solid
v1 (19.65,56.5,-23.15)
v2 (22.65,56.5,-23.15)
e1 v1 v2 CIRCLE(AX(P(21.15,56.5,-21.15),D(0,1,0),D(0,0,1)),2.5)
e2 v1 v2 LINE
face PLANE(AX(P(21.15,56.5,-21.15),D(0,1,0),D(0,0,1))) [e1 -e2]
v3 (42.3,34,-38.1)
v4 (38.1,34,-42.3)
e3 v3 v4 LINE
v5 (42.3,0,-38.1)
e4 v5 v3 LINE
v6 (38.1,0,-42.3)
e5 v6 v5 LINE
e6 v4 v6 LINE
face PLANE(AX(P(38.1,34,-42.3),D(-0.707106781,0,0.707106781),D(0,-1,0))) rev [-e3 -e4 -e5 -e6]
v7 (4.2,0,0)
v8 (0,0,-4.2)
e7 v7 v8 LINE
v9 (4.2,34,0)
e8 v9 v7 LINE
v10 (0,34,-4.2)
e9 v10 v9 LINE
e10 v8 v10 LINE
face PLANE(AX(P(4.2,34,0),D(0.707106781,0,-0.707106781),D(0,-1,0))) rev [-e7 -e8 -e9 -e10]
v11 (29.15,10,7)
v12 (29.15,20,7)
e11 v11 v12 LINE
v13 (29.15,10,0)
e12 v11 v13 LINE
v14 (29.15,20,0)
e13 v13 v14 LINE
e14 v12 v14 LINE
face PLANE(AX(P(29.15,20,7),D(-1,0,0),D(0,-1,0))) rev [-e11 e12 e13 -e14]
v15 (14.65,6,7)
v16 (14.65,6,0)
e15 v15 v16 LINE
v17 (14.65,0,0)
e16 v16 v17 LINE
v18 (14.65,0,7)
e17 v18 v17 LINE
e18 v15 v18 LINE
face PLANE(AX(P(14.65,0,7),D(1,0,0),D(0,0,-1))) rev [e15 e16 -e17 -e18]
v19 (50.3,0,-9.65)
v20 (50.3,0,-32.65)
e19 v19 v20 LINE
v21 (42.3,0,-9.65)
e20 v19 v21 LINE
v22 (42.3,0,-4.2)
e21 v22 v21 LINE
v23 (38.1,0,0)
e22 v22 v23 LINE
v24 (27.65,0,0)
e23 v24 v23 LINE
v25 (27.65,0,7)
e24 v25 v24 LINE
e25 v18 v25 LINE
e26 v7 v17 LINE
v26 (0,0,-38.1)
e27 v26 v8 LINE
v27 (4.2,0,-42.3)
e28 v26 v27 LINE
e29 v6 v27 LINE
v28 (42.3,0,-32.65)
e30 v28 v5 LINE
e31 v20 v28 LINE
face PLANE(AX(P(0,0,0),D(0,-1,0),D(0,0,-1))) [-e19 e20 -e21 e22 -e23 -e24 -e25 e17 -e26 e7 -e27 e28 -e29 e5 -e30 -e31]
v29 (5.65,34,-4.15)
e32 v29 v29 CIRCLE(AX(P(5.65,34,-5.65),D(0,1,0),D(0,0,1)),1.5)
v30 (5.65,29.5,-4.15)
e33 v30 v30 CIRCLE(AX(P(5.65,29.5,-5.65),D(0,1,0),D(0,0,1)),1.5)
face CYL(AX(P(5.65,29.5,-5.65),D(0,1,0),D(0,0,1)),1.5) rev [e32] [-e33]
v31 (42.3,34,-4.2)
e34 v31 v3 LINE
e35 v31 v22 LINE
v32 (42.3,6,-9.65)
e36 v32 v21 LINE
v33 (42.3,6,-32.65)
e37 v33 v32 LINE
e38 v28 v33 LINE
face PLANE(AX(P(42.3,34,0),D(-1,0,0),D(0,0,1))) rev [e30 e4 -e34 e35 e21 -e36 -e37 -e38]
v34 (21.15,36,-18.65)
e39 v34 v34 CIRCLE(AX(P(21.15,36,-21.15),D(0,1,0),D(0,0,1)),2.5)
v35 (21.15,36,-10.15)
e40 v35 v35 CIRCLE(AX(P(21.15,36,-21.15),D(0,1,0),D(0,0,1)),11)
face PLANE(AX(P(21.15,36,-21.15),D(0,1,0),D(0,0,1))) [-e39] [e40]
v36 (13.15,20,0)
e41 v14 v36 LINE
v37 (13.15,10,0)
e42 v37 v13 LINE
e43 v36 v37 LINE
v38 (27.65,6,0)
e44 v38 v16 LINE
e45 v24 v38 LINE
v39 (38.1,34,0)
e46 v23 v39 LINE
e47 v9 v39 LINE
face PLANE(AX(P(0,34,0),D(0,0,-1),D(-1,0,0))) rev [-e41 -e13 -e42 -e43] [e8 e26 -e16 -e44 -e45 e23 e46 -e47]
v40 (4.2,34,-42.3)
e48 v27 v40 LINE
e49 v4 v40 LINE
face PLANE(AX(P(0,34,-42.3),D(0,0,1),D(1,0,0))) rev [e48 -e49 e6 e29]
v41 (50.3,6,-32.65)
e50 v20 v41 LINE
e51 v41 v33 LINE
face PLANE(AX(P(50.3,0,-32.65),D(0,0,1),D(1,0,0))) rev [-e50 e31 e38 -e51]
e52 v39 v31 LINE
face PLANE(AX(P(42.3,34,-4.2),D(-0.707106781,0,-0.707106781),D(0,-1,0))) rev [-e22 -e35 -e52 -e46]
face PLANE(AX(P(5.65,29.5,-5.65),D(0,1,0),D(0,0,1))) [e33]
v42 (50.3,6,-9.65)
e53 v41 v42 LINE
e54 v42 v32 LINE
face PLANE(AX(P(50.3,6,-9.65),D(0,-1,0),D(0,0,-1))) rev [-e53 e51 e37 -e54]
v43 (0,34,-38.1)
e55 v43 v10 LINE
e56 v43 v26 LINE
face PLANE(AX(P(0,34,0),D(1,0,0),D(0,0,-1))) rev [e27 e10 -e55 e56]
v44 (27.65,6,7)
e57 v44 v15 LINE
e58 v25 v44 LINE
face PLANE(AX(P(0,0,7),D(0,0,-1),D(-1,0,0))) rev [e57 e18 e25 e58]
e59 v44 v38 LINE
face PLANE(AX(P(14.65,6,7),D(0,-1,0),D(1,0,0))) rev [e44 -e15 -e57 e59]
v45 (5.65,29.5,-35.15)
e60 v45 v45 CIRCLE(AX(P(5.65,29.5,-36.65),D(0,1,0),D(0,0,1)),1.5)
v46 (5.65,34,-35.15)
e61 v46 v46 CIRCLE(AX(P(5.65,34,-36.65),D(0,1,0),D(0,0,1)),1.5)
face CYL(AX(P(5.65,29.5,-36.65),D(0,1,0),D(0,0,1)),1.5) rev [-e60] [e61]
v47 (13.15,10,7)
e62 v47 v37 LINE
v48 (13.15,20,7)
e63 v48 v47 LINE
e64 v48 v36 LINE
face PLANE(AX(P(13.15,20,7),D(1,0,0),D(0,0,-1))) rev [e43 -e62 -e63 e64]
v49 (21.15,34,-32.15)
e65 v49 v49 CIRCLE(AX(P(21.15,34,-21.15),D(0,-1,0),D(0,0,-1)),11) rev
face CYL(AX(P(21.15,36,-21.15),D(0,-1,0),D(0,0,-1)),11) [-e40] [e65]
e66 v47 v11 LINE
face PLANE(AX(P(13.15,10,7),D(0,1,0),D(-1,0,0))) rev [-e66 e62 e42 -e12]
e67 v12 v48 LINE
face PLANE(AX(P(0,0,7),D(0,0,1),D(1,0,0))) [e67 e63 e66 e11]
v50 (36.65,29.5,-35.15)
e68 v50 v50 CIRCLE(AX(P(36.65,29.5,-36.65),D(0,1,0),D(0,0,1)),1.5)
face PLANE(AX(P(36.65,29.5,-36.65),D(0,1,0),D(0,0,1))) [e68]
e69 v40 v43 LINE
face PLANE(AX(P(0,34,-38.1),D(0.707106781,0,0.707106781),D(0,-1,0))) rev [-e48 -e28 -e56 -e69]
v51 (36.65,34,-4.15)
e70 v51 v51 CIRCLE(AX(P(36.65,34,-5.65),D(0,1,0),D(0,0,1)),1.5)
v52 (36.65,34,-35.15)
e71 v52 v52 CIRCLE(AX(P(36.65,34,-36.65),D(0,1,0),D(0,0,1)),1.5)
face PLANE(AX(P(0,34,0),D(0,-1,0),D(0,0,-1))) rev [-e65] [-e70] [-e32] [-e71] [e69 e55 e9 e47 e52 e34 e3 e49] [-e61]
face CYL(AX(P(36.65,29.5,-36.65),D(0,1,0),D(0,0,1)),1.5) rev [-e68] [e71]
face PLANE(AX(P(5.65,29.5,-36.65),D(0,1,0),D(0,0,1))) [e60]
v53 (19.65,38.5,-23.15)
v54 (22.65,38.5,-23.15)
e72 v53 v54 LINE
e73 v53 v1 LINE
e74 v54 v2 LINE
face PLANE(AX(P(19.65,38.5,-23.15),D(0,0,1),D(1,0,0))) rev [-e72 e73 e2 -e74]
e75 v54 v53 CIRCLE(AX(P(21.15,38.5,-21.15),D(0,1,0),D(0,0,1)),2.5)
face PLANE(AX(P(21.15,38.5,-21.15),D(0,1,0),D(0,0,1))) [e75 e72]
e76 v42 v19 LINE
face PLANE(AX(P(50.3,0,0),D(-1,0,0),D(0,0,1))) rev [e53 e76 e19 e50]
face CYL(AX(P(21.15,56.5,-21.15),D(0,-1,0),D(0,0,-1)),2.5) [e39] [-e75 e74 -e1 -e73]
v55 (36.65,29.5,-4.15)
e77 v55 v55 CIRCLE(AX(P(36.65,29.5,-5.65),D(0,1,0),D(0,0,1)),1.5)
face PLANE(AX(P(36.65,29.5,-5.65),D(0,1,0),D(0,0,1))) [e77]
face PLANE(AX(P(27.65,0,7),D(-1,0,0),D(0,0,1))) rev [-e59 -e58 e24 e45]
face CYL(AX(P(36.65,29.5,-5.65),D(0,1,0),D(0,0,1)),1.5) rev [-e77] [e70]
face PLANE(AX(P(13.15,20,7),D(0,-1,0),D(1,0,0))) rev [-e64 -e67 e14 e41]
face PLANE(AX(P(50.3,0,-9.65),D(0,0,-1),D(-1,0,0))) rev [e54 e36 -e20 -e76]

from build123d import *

# Parameters (mm, degrees)
SKETCH_1_W          = 42.3
SKETCH_1_H          = 42.3
EXTRUDE_1_DEPTH     = 34
CHAMFER_1_SIZE      = 4.2
SKETCH_2_R          = 1.5
CUT_EXTRUDE_1_DEPTH = 4.5
SKETCH_3_R          = 11
EXTRUDE_2_DEPTH     = 2
SKETCH_4_R          = 2.5
EXTRUDE_3_DEPTH     = 20.5
CUT_EXTRUDE_2_DEPTH = 18
SKETCH_6_W          = 16
SKETCH_6_H          = 10
SKETCH_6_W_2        = 13
SKETCH_6_H_2        = 6
EXTRUDE_4_DEPTH     = 7
SKETCH_7_W          = 23
SKETCH_7_H          = 6
EXTRUDE_5_DEPTH     = 8


with BuildPart() as part:
    # 草图1 → 凸台-拉伸1 (new body)
    with BuildSketch(Plane(origin=(0, 0, 0), x_dir=(1, 0, 0), z_dir=(0, 1, 0))):
        with Locations((21.15, 21.15)):
            Rectangle(SKETCH_1_W, SKETCH_1_H)
    extrude(amount=EXTRUDE_1_DEPTH)

    # 倒角1
    chamfer_1_edges = [part.edges().sort_by_distance(p)[0] for p in [
        (0, 17, -42.3),
        (42.3, 17, -42.3),
        (42.3, 17, 0),
        (0, 17, 0),
    ]]
    chamfer(chamfer_1_edges, length=CHAMFER_1_SIZE)

    # 草图2 → 切除-拉伸1 (cut)
    with BuildSketch(Plane(origin=(0, 34, 0), x_dir=(1, 0, 0), z_dir=(0, 1, 0))):
        with Locations((5.65, 36.65)):
            Circle(SKETCH_2_R)
        with Locations((36.65, 36.65)):
            Circle(SKETCH_2_R)
        with Locations((5.65, 5.65)):
            Circle(SKETCH_2_R)
        with Locations((36.65, 5.65)):
            Circle(SKETCH_2_R)
    extrude(amount=-CUT_EXTRUDE_1_DEPTH, mode=Mode.SUBTRACT)

    # 草图3 → 凸台-拉伸2 (add)
    with BuildSketch(Plane(origin=(0, 34, 0), x_dir=(1, 0, 0), z_dir=(0, 1, 0))):
        with Locations((21.15, 21.15)):
            Circle(SKETCH_3_R)
    extrude(amount=EXTRUDE_2_DEPTH)

    # 草图4 → 凸台-拉伸3 (add)
    with BuildSketch(Plane(origin=(0, 36, 0), x_dir=(1, 0, 0), z_dir=(0, 1, 0))):
        with Locations((21.15, 21.15)):
            Circle(SKETCH_4_R)
    extrude(amount=EXTRUDE_3_DEPTH)

    # 草图5 → 切除-拉伸2 (cut)
    with BuildSketch(Plane(origin=(0, 56.5, 0), x_dir=(1, 0, 0), z_dir=(0, 1, 0))):
        with BuildLine():
            Line((19.65, 23.15), (22.65, 23.15))
            ThreePointArc((22.65, 23.15), (21.15, 23.65), (19.65, 23.15))
        make_face()
    extrude(amount=-CUT_EXTRUDE_2_DEPTH, mode=Mode.SUBTRACT)

    # 草图6 → 凸台-拉伸4 (add)
    with BuildSketch(Plane.XY):
        with Locations((21.15, 15)):
            Rectangle(SKETCH_6_W, SKETCH_6_H)
        with Locations((21.15, 3)):
            Rectangle(SKETCH_6_W_2, SKETCH_6_H_2)
    extrude(amount=EXTRUDE_4_DEPTH)

    # 草图7 → 凸台-拉伸5 (add)
    with BuildSketch(Plane(origin=(42.3, 0, 0), x_dir=(0, 0, -1), z_dir=(1, 0, 0))):
        with Locations((21.15, 3)):
            Rectangle(SKETCH_7_W, SKETCH_7_H)
    extrude(amount=EXTRUDE_5_DEPTH)


solid = part.part
